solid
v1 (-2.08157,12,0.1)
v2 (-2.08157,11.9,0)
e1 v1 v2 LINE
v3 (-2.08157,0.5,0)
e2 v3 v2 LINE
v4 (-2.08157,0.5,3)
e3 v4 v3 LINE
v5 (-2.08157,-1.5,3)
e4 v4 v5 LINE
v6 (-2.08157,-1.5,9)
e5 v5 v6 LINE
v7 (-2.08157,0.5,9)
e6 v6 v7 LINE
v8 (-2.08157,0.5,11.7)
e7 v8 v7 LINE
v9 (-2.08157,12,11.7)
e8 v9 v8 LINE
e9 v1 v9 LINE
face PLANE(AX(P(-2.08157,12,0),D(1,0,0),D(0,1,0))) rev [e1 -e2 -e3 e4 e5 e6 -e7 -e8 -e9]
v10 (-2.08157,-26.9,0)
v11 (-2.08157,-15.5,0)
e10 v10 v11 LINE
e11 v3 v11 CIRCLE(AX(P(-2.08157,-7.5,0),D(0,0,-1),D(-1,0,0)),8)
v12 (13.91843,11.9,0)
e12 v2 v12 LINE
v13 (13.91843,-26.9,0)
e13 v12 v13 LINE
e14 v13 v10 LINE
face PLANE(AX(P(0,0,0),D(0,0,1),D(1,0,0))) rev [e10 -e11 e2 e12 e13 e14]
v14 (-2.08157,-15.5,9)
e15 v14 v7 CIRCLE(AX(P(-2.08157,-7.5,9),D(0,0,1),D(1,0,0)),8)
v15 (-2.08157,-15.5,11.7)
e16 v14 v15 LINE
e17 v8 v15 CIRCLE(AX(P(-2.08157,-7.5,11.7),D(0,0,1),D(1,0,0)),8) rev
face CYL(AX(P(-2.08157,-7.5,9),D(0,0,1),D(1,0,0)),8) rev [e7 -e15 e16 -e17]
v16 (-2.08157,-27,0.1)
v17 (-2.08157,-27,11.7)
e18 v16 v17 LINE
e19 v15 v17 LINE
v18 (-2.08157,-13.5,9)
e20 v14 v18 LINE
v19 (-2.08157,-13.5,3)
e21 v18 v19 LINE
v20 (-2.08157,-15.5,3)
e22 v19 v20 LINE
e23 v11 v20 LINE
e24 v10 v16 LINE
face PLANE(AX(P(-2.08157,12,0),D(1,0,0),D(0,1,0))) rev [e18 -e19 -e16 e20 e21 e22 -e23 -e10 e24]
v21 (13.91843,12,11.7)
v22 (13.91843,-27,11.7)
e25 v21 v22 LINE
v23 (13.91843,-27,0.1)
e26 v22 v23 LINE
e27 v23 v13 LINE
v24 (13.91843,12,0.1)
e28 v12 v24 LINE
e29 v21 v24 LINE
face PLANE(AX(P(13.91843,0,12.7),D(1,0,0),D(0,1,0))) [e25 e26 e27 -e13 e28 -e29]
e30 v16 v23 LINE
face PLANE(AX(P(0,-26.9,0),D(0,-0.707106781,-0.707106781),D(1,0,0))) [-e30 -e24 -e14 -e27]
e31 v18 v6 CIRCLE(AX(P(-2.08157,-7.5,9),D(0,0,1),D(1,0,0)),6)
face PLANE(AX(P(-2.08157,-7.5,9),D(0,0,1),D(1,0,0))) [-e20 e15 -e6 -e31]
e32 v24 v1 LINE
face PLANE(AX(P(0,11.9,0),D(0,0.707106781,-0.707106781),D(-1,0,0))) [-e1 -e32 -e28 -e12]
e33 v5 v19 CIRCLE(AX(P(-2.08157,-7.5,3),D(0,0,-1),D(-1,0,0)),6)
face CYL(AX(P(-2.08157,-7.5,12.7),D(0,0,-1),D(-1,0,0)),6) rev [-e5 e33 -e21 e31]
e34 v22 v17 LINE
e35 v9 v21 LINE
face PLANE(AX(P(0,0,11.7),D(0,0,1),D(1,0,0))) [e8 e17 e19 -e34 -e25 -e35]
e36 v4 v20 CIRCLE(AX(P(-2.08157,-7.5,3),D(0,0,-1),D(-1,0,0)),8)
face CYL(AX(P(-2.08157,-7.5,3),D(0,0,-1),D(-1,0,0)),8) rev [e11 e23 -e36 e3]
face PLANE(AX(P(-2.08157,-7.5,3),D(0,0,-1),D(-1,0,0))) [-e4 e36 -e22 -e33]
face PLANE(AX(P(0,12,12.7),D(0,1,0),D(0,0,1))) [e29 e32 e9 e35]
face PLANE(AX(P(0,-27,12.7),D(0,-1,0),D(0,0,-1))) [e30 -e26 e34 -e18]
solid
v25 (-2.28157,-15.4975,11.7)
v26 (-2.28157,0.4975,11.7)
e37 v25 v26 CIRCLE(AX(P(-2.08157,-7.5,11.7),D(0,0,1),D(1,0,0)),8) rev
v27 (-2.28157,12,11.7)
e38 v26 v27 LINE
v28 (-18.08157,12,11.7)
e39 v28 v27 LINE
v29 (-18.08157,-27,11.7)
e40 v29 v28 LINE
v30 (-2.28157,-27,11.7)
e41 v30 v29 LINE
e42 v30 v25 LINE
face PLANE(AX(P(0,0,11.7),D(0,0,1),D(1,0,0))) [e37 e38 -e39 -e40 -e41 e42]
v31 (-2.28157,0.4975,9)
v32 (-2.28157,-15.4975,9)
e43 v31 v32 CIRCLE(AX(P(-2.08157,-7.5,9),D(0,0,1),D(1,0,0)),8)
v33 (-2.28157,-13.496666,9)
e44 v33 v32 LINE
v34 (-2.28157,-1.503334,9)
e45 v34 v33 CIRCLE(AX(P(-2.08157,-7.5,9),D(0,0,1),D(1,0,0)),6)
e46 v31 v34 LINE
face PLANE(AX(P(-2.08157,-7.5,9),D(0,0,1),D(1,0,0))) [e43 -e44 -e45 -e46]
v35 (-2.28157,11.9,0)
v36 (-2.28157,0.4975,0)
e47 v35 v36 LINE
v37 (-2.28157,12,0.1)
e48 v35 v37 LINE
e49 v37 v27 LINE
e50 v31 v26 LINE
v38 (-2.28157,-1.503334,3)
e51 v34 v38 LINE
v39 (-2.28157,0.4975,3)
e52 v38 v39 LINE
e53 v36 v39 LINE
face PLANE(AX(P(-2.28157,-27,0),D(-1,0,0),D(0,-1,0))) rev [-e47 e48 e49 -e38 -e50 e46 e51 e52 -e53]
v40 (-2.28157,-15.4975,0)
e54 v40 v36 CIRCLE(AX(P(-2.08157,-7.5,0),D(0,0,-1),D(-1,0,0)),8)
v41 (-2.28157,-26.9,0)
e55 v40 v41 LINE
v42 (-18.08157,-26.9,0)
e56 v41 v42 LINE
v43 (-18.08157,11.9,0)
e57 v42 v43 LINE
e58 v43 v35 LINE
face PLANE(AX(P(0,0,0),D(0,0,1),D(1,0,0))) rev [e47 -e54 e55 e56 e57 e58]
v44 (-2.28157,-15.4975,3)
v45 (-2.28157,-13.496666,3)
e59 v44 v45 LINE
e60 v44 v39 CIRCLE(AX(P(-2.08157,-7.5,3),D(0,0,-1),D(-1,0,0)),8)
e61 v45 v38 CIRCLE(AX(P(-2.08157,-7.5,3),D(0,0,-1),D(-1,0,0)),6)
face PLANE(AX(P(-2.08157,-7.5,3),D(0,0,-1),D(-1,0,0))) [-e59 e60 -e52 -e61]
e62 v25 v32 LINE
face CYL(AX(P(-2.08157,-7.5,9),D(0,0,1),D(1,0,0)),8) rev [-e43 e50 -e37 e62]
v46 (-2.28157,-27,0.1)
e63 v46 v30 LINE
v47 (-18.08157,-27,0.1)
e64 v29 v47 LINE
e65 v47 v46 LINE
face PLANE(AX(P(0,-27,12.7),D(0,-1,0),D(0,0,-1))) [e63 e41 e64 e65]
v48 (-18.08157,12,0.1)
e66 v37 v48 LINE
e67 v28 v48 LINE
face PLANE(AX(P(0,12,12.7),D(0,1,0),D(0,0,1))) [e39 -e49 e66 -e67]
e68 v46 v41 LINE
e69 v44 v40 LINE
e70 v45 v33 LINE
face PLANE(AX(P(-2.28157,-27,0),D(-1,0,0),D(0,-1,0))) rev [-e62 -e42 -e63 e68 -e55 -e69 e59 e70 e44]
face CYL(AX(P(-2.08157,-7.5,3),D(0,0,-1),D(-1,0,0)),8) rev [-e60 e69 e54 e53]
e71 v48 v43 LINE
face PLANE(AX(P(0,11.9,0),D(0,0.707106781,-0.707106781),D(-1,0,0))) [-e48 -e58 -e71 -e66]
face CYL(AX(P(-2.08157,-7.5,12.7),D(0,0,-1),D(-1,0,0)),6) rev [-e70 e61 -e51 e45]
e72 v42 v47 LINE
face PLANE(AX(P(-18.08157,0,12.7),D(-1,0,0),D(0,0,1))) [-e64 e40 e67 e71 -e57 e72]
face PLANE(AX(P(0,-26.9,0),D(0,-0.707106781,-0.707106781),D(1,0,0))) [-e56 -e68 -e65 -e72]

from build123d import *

# Parameters (mm, degrees)
SKICA1_W                  = 32
SKICA1_H                  = 39
SKICA1_R                  = 8
SKICA1_R_2                = 6
P_IDAT_VYSUNUT_M1_DEPTH   = 12.7
SKICA3_R                  = 8
ODEBRAT_VYSUNUT_M2_DEPTH  = 3.7
SKICA4_R                  = 8
ODEBRAT_VYSUNUT_M3_DEPTH  = 3
ZKOSEN_1_SIZE             = 0.1
ODEBRAT_START             = -12.7
SKICA10_W                 = 0.2
SKICA10_H                 = 39
ODEBRAT_VYSUNUT_M13_DEPTH = 12.7
SKETCH1_W                 = 58.510416229
SKETCH1_H                 = 45.106423975
CUT_EXTRUDE1_DEPTH        = 1


with BuildPart() as part:
    # Skica1 → Přidat vysunutím1 (new body)
    with BuildSketch(Plane.XY):
        with Locations((-2.081569801, -7.5)):
            Rectangle(SKICA1_W, SKICA1_H)
        with Locations((-2.081569801, -7.5)):
            Circle(SKICA1_R, mode=Mode.SUBTRACT)
        with Locations((-2.081569801, -7.5)):
            Circle(SKICA1_R)
        with Locations((-2.081569801, -7.5)):
            Circle(SKICA1_R_2, mode=Mode.SUBTRACT)
    extrude(amount=P_IDAT_VYSUNUT_M1_DEPTH)

    # Skica3 → Odebrat vysunutím2 (cut)
    with BuildSketch(Plane.XY.offset(12.7)):
        with Locations((-2.081569801, -7.5)):
            Circle(SKICA3_R)
    extrude(amount=-ODEBRAT_VYSUNUT_M2_DEPTH, mode=Mode.SUBTRACT)

    # Skica4 → Odebrat vysunutím3 (cut)
    with BuildSketch(Plane(origin=(0, 0, 0), x_dir=(-1, 0, 0), z_dir=(0, 0, -1))):
        with Locations((2.081569801, -7.5)):
            Circle(SKICA4_R)
    extrude(amount=-ODEBRAT_VYSUNUT_M3_DEPTH, mode=Mode.SUBTRACT)

    # Zkosení1
    zkosen_1_edges = [part.edges().sort_by_distance(p)[0] for p in [
        (-2.081569801, 12, 12.7),
        (-2.081569801, -27, 12.7),
        (-2.081569801, 12, 0),
        (-2.081569801, -27, 0),
    ]]
    chamfer(zkosen_1_edges, length=ZKOSEN_1_SIZE)

    # Skica10 → Odebrat vysunutím13 (cut)
    with BuildSketch(Plane.XY.offset(12.7).offset(ODEBRAT_START)):
        with Locations((-2.181569801, -7.5)):
            Rectangle(SKICA10_W, SKICA10_H)
    extrude(amount=ODEBRAT_VYSUNUT_M13_DEPTH, mode=Mode.SUBTRACT)

    # Sketch1 → Cut-Extrude1 (cut)
    with BuildSketch(Plane.XY.offset(12.7)):
        with Locations((-1.43113659, -7.98245449)):
            Rectangle(SKETCH1_W, SKETCH1_H)
    extrude(amount=-CUT_EXTRUDE1_DEPTH, mode=Mode.SUBTRACT)


solid = part.part
